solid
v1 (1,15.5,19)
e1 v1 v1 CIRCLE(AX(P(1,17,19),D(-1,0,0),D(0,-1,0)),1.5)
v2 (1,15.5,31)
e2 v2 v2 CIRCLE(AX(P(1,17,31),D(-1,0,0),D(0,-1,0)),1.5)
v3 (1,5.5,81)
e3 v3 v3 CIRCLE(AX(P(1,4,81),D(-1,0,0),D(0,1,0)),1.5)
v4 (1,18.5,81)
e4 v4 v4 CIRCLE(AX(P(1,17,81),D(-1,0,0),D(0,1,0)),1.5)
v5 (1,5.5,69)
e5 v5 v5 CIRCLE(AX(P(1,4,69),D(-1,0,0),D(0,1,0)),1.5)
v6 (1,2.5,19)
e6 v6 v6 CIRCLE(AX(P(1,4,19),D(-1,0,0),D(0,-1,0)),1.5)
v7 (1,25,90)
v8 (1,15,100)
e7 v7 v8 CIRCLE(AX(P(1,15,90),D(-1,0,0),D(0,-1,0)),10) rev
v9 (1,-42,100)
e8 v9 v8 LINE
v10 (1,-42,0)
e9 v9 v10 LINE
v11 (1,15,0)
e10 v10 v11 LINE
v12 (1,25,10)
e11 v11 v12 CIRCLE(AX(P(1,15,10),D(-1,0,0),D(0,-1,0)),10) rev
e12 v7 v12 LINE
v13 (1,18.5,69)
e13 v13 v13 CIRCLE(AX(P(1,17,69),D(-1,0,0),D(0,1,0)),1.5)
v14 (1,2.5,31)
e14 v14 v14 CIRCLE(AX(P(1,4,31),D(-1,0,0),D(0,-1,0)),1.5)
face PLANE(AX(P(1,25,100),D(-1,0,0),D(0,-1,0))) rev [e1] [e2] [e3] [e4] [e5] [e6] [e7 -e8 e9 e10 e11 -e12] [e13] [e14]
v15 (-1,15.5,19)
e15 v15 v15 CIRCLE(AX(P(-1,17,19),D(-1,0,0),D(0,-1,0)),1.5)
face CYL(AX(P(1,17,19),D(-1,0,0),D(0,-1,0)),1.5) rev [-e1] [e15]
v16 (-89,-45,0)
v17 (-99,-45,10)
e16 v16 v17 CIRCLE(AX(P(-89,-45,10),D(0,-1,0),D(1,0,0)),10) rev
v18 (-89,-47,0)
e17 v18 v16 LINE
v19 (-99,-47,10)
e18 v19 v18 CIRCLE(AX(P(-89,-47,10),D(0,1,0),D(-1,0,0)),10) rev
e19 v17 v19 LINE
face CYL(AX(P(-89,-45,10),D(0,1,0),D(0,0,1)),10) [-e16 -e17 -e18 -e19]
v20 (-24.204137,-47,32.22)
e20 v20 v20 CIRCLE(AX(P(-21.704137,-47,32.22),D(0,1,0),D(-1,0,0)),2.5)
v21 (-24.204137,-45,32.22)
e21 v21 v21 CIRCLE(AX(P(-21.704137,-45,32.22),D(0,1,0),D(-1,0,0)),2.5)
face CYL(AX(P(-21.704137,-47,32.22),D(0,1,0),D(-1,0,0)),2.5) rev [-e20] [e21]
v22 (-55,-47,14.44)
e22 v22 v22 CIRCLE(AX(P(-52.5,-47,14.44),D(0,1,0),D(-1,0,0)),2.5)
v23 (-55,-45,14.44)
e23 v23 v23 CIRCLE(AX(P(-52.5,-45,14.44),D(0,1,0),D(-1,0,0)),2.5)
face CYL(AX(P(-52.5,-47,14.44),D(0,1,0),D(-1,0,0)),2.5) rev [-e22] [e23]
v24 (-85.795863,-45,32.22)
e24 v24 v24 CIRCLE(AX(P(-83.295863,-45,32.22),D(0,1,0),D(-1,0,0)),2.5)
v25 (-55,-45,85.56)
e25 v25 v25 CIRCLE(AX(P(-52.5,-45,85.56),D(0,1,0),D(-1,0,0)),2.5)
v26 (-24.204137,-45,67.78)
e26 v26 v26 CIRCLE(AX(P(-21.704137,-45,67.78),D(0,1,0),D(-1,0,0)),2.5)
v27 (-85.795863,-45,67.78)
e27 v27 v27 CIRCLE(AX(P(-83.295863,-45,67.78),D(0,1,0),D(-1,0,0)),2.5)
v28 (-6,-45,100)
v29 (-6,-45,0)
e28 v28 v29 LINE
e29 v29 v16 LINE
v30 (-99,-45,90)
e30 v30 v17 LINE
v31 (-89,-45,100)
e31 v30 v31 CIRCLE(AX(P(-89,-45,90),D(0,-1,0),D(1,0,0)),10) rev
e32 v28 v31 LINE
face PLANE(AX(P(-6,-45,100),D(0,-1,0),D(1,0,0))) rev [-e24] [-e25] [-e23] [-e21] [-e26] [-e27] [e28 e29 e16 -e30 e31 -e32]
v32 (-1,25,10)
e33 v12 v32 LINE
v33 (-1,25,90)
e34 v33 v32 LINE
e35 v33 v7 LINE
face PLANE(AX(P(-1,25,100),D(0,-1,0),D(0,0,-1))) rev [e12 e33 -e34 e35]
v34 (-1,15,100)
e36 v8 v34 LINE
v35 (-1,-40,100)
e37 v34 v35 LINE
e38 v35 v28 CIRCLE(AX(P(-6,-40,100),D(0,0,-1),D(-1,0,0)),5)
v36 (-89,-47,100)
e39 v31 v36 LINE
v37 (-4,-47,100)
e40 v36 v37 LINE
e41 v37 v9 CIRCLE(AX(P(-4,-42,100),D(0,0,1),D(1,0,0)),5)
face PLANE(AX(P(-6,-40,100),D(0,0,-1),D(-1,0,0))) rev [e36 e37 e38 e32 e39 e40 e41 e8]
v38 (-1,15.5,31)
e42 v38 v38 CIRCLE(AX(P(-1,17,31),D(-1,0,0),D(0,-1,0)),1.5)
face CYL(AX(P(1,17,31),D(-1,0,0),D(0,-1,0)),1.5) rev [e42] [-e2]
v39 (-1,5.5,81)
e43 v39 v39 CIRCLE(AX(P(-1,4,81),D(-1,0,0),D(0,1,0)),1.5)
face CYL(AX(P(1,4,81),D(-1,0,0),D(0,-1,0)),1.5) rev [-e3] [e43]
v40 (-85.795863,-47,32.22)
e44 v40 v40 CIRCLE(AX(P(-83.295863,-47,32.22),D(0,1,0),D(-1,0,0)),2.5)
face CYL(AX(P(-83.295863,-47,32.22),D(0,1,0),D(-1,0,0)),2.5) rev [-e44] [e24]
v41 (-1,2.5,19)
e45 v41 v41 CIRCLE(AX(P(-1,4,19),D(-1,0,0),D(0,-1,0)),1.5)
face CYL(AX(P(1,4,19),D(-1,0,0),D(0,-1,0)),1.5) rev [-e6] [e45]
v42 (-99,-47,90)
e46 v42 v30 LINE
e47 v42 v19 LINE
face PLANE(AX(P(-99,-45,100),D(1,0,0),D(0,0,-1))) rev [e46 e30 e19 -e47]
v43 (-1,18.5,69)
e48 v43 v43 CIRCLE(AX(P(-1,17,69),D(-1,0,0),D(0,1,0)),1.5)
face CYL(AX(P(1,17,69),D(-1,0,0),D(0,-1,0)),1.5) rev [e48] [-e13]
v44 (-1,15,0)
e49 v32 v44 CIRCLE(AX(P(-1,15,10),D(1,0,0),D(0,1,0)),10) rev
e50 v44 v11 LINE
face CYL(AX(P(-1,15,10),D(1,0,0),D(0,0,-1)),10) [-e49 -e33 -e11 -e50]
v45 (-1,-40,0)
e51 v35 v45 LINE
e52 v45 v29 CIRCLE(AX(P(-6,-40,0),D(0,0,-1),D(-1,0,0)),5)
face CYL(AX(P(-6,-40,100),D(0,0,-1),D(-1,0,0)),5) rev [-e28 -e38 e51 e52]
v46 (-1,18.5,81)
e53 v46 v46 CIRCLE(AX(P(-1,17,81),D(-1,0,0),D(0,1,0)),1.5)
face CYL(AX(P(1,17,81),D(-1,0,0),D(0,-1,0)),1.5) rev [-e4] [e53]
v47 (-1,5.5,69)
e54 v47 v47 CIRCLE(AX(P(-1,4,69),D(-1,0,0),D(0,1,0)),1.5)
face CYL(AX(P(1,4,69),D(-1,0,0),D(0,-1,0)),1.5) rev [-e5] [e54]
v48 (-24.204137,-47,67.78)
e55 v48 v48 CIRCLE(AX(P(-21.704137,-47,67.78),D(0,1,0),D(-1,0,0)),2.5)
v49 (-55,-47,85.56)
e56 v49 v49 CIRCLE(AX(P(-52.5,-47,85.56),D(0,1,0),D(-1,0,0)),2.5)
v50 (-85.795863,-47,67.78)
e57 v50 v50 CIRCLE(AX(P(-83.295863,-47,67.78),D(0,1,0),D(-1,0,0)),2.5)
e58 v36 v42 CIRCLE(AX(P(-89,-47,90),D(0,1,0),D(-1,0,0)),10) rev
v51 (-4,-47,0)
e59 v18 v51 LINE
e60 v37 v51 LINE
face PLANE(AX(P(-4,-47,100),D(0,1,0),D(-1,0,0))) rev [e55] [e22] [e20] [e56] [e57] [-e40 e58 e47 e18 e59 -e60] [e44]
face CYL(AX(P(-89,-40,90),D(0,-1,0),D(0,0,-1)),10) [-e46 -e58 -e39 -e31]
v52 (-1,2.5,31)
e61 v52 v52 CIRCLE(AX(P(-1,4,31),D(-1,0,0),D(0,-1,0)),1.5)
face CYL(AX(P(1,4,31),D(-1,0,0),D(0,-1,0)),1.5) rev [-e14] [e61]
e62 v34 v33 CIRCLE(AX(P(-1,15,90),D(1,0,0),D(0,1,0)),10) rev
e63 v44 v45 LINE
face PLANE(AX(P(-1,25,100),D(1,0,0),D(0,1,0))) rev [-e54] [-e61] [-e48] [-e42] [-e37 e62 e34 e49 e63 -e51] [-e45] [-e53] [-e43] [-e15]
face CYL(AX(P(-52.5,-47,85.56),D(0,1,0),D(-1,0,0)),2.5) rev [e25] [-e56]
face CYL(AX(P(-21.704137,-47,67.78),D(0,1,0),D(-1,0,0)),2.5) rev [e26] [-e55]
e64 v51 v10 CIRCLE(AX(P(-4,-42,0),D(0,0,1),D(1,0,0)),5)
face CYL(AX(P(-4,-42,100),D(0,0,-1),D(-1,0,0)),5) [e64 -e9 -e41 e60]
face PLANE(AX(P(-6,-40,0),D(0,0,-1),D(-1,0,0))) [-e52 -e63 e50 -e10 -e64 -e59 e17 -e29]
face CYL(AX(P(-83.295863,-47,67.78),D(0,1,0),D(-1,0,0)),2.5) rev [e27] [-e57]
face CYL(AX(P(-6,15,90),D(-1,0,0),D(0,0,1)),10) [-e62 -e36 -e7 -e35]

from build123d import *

# Parameters (mm, degrees)
BOSS_EXTRUDE1_DEPTH = 100
SKETCH2_R           = 1.5
CUT_EXTRUDE1_DEPTH  = 148.692247596
SKETCH3_R           = 2.5
CUT_EXTRUDE2_DEPTH  = 158.165517847
FILLET1_R           = 10


with BuildPart() as part:
    # Sketch1 → Boss-Extrude1 (new body)
    with BuildSketch(Plane.XY):
        with BuildLine():
            Line((-1, 25), (1, 25))
            Line((1, 25), (1, -42))
            ThreePointArc((1, -42), (-0.464466094, -45.535533906), (-4, -47))
            Line((-4, -47), (-99, -47))
            Line((-99, -47), (-99, -45))
            Line((-99, -45), (-6, -45))
            ThreePointArc((-6, -45), (-2.464466094, -43.535533906), (-1, -40))
            Line((-1, -40), (-1, 25))
        make_face()
    extrude(amount=BOSS_EXTRUDE1_DEPTH)

    # Sketch2 → Cut-Extrude1 (cut, through all)
    with BuildSketch(Plane.ZY.offset(1)):
        with Locations(Location((19, 4, 0), (0, 0, 270))):
            Circle(SKETCH2_R)
        with Locations(Location((31, 4, 0), (0, 0, 270))):
            Circle(SKETCH2_R)
        with Locations(Location((31, 17, 0), (0, 0, 270))):
            Circle(SKETCH2_R)
        with Locations(Location((19, 17, 0), (0, 0, 270))):
            Circle(SKETCH2_R)
        with Locations(Location((81, 17, 0), (0, 0, 90))):
            Circle(SKETCH2_R)
        with Locations(Location((69, 17, 0), (0, 0, 90))):
            Circle(SKETCH2_R)
        with Locations(Location((69, 4, 0), (0, 0, 90))):
            Circle(SKETCH2_R)
        with Locations(Location((81, 4, 0), (0, 0, 90))):
            Circle(SKETCH2_R)
    extrude(amount=-CUT_EXTRUDE1_DEPTH, mode=Mode.SUBTRACT)

    # Sketch3 → Cut-Extrude2 (cut, through all)
    with BuildSketch(Plane(origin=(0, -45, 0), x_dir=(1, 0, 0), z_dir=(0, 1, 0))):
        with Locations(Location((-21.704136641, -32.22, 0), (0, 0, 180))):
            Circle(SKETCH3_R)
        with Locations(Location((-21.704136641, -67.78, 0), (0, 0, 180))):
            Circle(SKETCH3_R)
        with Locations(Location((-52.5, -85.56, 0), (0, 0, 180))):
            Circle(SKETCH3_R)
        with Locations(Location((-83.295863359, -67.78, 0), (0, 0, 180))):
            Circle(SKETCH3_R)
        with Locations(Location((-83.295863359, -32.22, 0), (0, 0, 180))):
            Circle(SKETCH3_R)
        with Locations(Location((-52.5, -14.44, 0), (0, 0, 180))):
            Circle(SKETCH3_R)
    extrude(amount=-CUT_EXTRUDE2_DEPTH, mode=Mode.SUBTRACT)

    # Fillet1
    fillet1_edges = [part.edges().sort_by_distance(p)[0] for p in [
        (-99, -46, 0),
        (-99, -46, 100),
        (0, 25, 100),
        (0, 25, 0),
    ]]
    fillet(fillet1_edges, radius=FILLET1_R)


solid = part.part
